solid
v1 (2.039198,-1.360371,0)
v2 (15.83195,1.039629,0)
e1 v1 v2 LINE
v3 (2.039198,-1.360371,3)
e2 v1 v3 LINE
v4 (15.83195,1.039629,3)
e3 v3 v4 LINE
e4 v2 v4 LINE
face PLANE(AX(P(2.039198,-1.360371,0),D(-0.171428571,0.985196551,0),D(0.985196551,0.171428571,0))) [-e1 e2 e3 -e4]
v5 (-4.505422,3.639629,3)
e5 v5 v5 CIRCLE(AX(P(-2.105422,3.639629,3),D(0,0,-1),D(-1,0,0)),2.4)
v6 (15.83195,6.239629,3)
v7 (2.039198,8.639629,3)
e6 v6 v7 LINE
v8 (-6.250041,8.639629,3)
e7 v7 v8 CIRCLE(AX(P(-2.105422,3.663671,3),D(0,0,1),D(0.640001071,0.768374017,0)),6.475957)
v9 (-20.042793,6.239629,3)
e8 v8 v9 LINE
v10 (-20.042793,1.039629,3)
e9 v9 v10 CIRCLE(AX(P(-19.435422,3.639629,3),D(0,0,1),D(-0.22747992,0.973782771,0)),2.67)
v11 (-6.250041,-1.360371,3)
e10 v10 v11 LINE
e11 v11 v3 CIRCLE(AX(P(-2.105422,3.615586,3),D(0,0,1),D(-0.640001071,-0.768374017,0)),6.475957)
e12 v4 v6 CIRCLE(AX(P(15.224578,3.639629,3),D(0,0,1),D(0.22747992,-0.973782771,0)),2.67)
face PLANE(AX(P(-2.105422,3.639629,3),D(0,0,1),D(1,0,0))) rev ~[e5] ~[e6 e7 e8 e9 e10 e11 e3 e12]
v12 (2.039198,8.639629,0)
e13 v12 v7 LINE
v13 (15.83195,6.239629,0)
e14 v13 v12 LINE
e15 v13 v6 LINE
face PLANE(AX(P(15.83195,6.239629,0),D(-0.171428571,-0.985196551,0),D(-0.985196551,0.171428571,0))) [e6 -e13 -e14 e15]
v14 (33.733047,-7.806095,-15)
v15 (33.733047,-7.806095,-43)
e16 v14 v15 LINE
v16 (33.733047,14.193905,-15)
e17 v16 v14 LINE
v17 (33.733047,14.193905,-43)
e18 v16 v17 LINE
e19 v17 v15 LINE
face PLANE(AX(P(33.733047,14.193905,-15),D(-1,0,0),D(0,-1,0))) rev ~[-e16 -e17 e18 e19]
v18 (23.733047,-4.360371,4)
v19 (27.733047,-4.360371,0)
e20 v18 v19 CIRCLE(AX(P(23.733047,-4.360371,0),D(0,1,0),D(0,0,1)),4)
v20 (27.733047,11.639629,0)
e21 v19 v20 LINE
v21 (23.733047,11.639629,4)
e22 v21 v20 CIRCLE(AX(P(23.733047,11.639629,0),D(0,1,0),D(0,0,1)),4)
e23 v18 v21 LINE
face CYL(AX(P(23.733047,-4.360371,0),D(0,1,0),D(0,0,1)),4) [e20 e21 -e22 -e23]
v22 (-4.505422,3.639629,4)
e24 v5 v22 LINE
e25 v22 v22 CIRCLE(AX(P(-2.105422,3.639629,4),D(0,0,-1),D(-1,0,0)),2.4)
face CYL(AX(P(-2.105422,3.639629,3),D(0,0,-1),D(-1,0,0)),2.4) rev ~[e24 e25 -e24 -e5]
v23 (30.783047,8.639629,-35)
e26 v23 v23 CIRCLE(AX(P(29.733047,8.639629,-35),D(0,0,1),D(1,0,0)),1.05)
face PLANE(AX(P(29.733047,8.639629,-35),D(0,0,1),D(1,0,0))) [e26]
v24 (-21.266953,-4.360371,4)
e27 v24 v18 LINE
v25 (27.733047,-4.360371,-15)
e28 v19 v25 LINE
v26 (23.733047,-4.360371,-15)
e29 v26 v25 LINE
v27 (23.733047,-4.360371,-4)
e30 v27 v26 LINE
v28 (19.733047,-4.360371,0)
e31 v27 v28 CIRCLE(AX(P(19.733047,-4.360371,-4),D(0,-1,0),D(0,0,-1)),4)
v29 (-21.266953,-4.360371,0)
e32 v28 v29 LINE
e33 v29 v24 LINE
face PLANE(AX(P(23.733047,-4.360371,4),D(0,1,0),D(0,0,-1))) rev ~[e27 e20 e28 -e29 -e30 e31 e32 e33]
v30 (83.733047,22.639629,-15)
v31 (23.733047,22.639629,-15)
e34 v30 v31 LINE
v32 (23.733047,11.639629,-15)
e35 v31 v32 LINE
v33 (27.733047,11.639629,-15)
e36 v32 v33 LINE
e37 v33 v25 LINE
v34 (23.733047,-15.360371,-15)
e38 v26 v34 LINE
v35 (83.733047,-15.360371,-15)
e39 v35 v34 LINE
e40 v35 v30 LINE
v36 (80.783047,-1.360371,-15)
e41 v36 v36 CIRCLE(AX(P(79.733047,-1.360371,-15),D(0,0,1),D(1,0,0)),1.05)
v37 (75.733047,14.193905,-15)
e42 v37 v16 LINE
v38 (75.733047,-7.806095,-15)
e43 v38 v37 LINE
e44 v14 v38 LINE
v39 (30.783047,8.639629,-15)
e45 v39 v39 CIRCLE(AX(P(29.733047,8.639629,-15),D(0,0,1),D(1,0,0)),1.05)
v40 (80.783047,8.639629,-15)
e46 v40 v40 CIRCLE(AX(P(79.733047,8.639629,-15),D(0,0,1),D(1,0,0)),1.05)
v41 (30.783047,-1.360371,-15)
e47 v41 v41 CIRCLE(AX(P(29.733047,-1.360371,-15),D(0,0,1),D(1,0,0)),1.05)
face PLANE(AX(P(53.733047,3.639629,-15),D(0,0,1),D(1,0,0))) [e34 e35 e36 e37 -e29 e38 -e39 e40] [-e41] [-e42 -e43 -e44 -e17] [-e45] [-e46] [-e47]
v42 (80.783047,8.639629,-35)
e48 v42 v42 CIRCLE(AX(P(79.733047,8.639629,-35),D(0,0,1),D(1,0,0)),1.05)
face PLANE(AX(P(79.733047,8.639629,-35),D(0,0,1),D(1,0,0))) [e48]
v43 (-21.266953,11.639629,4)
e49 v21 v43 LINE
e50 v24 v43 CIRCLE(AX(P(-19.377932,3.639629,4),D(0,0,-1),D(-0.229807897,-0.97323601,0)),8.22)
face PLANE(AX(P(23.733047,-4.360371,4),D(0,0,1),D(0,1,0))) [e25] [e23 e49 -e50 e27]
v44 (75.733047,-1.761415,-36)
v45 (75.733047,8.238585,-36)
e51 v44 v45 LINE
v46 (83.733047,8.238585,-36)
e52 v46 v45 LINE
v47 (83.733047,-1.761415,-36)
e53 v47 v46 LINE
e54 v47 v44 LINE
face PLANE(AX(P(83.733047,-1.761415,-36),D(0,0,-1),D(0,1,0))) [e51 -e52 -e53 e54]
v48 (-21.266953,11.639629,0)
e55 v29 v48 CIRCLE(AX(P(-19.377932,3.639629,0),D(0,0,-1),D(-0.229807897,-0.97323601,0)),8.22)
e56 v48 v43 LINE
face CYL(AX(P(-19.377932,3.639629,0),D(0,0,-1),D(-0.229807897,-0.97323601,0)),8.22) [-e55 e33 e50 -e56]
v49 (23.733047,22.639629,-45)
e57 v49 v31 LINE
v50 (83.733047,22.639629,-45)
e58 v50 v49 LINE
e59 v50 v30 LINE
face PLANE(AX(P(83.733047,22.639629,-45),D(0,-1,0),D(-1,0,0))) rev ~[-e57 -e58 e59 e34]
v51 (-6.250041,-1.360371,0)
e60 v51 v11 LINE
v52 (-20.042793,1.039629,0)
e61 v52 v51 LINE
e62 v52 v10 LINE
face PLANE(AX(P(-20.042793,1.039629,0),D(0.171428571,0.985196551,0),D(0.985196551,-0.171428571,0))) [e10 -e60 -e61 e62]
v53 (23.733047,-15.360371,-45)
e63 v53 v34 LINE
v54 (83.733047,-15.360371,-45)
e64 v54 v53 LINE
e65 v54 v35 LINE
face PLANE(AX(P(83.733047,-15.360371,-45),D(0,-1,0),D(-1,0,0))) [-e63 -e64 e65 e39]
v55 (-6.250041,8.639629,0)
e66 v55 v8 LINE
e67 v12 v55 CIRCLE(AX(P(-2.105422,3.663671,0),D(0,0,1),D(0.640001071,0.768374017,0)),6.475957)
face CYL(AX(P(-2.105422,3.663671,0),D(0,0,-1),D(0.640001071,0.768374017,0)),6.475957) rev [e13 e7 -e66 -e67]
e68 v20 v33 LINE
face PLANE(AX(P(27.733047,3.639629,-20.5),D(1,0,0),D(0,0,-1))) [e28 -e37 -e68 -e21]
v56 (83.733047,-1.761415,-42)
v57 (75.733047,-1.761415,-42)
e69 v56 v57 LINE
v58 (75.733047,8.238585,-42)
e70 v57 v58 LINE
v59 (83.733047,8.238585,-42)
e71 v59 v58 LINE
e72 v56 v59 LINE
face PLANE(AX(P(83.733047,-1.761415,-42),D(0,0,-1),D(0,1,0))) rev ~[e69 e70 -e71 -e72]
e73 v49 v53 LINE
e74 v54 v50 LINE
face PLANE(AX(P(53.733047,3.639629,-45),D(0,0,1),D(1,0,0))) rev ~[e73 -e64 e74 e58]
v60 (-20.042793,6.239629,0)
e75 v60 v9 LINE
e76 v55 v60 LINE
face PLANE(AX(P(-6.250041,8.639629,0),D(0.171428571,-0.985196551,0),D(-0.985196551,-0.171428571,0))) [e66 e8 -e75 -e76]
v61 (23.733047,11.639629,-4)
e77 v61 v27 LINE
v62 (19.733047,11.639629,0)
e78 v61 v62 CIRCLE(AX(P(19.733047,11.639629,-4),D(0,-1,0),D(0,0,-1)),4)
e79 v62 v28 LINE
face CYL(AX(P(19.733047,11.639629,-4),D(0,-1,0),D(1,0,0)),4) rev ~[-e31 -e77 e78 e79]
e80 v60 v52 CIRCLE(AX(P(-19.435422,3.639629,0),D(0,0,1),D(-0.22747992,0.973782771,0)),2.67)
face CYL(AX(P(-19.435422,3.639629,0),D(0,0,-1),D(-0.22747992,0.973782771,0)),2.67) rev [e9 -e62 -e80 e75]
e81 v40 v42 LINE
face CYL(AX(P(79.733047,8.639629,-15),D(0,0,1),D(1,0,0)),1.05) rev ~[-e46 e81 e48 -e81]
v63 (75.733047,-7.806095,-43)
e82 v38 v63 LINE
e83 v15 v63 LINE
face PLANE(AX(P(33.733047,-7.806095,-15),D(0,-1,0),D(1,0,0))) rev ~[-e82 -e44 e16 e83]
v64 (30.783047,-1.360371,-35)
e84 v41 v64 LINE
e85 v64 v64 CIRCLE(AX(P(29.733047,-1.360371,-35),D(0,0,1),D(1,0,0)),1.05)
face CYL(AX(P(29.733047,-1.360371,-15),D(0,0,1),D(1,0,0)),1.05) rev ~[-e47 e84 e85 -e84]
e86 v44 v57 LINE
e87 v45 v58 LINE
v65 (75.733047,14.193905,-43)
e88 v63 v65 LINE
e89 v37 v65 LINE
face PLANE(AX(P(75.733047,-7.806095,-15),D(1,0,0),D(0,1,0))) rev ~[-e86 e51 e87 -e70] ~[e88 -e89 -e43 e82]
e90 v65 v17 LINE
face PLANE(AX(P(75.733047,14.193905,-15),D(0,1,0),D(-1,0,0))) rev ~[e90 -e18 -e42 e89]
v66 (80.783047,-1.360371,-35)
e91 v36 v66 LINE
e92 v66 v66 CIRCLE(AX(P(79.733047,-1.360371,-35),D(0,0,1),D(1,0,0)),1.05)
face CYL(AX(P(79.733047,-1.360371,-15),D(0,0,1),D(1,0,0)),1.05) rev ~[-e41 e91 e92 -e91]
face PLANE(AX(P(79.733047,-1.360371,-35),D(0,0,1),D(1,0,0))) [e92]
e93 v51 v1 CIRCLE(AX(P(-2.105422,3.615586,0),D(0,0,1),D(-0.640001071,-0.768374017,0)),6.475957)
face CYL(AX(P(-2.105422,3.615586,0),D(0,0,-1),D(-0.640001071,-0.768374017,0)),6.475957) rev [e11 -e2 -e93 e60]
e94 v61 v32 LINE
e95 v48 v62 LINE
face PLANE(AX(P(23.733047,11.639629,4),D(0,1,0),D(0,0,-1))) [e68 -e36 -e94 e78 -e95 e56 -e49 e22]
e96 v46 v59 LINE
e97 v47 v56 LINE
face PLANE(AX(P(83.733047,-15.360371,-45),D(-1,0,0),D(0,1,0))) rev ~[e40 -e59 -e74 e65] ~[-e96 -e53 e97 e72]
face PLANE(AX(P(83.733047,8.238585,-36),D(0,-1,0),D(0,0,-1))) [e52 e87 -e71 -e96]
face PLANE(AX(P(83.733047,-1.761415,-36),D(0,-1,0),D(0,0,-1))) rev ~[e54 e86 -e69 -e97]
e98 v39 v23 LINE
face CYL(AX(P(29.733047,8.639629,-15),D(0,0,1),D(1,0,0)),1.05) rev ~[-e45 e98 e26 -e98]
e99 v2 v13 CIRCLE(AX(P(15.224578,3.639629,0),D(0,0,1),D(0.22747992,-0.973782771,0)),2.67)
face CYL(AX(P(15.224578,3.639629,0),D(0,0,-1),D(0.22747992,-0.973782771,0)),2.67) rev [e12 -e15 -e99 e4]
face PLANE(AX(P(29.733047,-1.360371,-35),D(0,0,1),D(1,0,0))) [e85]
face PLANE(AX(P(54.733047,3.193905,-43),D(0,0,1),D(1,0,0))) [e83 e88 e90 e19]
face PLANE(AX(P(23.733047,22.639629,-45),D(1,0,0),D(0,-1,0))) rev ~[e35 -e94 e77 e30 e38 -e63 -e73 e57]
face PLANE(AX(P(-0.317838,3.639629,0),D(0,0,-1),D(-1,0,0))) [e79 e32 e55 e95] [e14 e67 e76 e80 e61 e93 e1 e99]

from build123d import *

# Parameters (mm, degrees)
BOSS_EXTRUDE1_DEPTH  = 4
CUT_EXTRUDE1_DEPTH   = 3
SKETCH5_W            = 49
SKETCH5_H            = 16
BOSS_EXTRUDE2_DEPTH  = 4
BOSS_EXTRUDE15_DEPTH = 30
SKETCH20_R           = 2.4
CUT_EXTRUDE26_DEPTH  = 1
FILLET8_R            = 4
FILLET12_R           = 4
CUT_EXTRUDE_8_DEPTH  = 28
SKETCH_6_R           = 1.05
CUT_EXTRUDE_9_DEPTH  = 20
SKETCH_8_W           = 6
SKETCH_8_H           = 10
CUT_EXTRUDE_10_DEPTH = 8


with BuildPart() as part:
    # Sketch2 → Boss-Extrude1 (new body)
    with BuildSketch(Plane.XY):
        with BuildLine():
            Line((23.733047461, 11.63962887), (23.733047461, -4.36037113))
            Line((23.733047461, -4.36037113), (-21.266952539, -4.36037113))
            ThreePointArc((-21.266952539, -4.36037113), (-27.597931628, 3.63962887), (-21.266952539, 11.63962887))
            Line((-21.266952539, 11.63962887), (23.733047461, 11.63962887))
        make_face()
    extrude(amount=BOSS_EXTRUDE1_DEPTH)

    # Sketch1 → Cut-Extrude1 (cut)
    with BuildSketch(Plane.XY):
        with BuildLine():
            Line((-6.25004119, 8.63962887), (-20.04279291, 6.23962887))
            ThreePointArc((-20.04279291, 6.23962887), (-22.105421524, 3.63962887), (-20.04279291, 1.03962887))
            Line((-20.04279291, 1.03962887), (-6.25004119, -1.36037113))
            ThreePointArc((-6.25004119, -1.36037113), (-2.105421524, -2.86037113), (2.039198142, -1.36037113))
            Line((2.039198142, -1.36037113), (15.831949862, 1.03962887))
            ThreePointArc((15.831949862, 1.03962887), (17.894578476, 3.63962887), (15.831949862, 6.23962887))
            Line((15.831949862, 6.23962887), (2.039198142, 8.63962887))
            ThreePointArc((2.039198142, 8.63962887), (-2.105421524, 10.13962887), (-6.25004119, 8.63962887))
        make_face()
    extrude(amount=CUT_EXTRUDE1_DEPTH, mode=Mode.SUBTRACT)

    # Sketch5 → Boss-Extrude2 (add)
    with BuildSketch(Plane(origin=(23.733047461, 0, 0), x_dir=(0, 0, -1), z_dir=(1, 0, 0))):
        with Locations((20.5, 3.63962887)):
            Rectangle(SKETCH5_W, SKETCH5_H)
    extrude(amount=BOSS_EXTRUDE2_DEPTH)

    # Sketch6 → Boss-Extrude15 (add)
    with BuildSketch(Plane(origin=(0, 0, -45), x_dir=(-1, 0, 0), z_dir=(0, 0, -1))):
        Polygon((-30.946192459, -15.36037113), (-83.733047461, -15.36037113), (-83.733047461, 22.63962887), (-23.733047461, 22.63962887), (-23.733047461, -15.36037113), align=None)
    extrude(amount=-BOSS_EXTRUDE15_DEPTH)

    # Sketch20 → Cut-Extrude26 (cut)
    with BuildSketch(Plane(origin=(0, 0, 3), x_dir=(-1, 0, 0), z_dir=(0, 0, -1))):
        with Locations((2.105421524, 3.63962887)):
            Circle(SKETCH20_R)
    extrude(amount=-CUT_EXTRUDE26_DEPTH, mode=Mode.SUBTRACT)

    # Fillet8
    fillet8_edges = [part.edges().sort_by_distance(p)[0] for p in [
        (23.733047461, 3.63962887, 0),
    ]]
    fillet(fillet8_edges, radius=FILLET8_R)

    # Fillet12
    fillet12_edges = [part.edges().sort_by_distance(p)[0] for p in [
        (27.733047461, 3.63962887, 4),
    ]]
    fillet(fillet12_edges, radius=FILLET12_R)

    # 草圖5 → 除料-伸長8 (cut)
    with BuildSketch(Plane.XY.offset(-15)):
        Polygon((75.733047461, -7.806095257), (75.733047461, 14.193904743), (33.733047461, 14.193904743), (33.733047461, 3.193904743), (33.733047461, -7.806095257), align=None)
    extrude(amount=-CUT_EXTRUDE_8_DEPTH, mode=Mode.SUBTRACT)

    # 草圖6 → 除料-伸長9 (cut)
    with BuildSketch(Plane.XY.offset(-15)):
        with Locations((29.733047461, 8.63962887)):
            Circle(SKETCH_6_R)
        with Locations((29.733047461, -1.36037113)):
            Circle(SKETCH_6_R)
        with Locations((79.733047461, 8.63962887)):
            Circle(SKETCH_6_R)
        with Locations((79.733047461, -1.36037113)):
            Circle(SKETCH_6_R)
    extrude(amount=-CUT_EXTRUDE_9_DEPTH, mode=Mode.SUBTRACT)

    # 草圖8 → 除料-伸長10 (cut)
    with BuildSketch(Plane(origin=(83.733047461, 0, 0), x_dir=(0, 0, -1), z_dir=(1, 0, 0))):
        with Locations((39, 3.238584995)):
            Rectangle(SKETCH_8_W, SKETCH_8_H)
    extrude(amount=-CUT_EXTRUDE_10_DEPTH, mode=Mode.SUBTRACT)


solid = part.part
